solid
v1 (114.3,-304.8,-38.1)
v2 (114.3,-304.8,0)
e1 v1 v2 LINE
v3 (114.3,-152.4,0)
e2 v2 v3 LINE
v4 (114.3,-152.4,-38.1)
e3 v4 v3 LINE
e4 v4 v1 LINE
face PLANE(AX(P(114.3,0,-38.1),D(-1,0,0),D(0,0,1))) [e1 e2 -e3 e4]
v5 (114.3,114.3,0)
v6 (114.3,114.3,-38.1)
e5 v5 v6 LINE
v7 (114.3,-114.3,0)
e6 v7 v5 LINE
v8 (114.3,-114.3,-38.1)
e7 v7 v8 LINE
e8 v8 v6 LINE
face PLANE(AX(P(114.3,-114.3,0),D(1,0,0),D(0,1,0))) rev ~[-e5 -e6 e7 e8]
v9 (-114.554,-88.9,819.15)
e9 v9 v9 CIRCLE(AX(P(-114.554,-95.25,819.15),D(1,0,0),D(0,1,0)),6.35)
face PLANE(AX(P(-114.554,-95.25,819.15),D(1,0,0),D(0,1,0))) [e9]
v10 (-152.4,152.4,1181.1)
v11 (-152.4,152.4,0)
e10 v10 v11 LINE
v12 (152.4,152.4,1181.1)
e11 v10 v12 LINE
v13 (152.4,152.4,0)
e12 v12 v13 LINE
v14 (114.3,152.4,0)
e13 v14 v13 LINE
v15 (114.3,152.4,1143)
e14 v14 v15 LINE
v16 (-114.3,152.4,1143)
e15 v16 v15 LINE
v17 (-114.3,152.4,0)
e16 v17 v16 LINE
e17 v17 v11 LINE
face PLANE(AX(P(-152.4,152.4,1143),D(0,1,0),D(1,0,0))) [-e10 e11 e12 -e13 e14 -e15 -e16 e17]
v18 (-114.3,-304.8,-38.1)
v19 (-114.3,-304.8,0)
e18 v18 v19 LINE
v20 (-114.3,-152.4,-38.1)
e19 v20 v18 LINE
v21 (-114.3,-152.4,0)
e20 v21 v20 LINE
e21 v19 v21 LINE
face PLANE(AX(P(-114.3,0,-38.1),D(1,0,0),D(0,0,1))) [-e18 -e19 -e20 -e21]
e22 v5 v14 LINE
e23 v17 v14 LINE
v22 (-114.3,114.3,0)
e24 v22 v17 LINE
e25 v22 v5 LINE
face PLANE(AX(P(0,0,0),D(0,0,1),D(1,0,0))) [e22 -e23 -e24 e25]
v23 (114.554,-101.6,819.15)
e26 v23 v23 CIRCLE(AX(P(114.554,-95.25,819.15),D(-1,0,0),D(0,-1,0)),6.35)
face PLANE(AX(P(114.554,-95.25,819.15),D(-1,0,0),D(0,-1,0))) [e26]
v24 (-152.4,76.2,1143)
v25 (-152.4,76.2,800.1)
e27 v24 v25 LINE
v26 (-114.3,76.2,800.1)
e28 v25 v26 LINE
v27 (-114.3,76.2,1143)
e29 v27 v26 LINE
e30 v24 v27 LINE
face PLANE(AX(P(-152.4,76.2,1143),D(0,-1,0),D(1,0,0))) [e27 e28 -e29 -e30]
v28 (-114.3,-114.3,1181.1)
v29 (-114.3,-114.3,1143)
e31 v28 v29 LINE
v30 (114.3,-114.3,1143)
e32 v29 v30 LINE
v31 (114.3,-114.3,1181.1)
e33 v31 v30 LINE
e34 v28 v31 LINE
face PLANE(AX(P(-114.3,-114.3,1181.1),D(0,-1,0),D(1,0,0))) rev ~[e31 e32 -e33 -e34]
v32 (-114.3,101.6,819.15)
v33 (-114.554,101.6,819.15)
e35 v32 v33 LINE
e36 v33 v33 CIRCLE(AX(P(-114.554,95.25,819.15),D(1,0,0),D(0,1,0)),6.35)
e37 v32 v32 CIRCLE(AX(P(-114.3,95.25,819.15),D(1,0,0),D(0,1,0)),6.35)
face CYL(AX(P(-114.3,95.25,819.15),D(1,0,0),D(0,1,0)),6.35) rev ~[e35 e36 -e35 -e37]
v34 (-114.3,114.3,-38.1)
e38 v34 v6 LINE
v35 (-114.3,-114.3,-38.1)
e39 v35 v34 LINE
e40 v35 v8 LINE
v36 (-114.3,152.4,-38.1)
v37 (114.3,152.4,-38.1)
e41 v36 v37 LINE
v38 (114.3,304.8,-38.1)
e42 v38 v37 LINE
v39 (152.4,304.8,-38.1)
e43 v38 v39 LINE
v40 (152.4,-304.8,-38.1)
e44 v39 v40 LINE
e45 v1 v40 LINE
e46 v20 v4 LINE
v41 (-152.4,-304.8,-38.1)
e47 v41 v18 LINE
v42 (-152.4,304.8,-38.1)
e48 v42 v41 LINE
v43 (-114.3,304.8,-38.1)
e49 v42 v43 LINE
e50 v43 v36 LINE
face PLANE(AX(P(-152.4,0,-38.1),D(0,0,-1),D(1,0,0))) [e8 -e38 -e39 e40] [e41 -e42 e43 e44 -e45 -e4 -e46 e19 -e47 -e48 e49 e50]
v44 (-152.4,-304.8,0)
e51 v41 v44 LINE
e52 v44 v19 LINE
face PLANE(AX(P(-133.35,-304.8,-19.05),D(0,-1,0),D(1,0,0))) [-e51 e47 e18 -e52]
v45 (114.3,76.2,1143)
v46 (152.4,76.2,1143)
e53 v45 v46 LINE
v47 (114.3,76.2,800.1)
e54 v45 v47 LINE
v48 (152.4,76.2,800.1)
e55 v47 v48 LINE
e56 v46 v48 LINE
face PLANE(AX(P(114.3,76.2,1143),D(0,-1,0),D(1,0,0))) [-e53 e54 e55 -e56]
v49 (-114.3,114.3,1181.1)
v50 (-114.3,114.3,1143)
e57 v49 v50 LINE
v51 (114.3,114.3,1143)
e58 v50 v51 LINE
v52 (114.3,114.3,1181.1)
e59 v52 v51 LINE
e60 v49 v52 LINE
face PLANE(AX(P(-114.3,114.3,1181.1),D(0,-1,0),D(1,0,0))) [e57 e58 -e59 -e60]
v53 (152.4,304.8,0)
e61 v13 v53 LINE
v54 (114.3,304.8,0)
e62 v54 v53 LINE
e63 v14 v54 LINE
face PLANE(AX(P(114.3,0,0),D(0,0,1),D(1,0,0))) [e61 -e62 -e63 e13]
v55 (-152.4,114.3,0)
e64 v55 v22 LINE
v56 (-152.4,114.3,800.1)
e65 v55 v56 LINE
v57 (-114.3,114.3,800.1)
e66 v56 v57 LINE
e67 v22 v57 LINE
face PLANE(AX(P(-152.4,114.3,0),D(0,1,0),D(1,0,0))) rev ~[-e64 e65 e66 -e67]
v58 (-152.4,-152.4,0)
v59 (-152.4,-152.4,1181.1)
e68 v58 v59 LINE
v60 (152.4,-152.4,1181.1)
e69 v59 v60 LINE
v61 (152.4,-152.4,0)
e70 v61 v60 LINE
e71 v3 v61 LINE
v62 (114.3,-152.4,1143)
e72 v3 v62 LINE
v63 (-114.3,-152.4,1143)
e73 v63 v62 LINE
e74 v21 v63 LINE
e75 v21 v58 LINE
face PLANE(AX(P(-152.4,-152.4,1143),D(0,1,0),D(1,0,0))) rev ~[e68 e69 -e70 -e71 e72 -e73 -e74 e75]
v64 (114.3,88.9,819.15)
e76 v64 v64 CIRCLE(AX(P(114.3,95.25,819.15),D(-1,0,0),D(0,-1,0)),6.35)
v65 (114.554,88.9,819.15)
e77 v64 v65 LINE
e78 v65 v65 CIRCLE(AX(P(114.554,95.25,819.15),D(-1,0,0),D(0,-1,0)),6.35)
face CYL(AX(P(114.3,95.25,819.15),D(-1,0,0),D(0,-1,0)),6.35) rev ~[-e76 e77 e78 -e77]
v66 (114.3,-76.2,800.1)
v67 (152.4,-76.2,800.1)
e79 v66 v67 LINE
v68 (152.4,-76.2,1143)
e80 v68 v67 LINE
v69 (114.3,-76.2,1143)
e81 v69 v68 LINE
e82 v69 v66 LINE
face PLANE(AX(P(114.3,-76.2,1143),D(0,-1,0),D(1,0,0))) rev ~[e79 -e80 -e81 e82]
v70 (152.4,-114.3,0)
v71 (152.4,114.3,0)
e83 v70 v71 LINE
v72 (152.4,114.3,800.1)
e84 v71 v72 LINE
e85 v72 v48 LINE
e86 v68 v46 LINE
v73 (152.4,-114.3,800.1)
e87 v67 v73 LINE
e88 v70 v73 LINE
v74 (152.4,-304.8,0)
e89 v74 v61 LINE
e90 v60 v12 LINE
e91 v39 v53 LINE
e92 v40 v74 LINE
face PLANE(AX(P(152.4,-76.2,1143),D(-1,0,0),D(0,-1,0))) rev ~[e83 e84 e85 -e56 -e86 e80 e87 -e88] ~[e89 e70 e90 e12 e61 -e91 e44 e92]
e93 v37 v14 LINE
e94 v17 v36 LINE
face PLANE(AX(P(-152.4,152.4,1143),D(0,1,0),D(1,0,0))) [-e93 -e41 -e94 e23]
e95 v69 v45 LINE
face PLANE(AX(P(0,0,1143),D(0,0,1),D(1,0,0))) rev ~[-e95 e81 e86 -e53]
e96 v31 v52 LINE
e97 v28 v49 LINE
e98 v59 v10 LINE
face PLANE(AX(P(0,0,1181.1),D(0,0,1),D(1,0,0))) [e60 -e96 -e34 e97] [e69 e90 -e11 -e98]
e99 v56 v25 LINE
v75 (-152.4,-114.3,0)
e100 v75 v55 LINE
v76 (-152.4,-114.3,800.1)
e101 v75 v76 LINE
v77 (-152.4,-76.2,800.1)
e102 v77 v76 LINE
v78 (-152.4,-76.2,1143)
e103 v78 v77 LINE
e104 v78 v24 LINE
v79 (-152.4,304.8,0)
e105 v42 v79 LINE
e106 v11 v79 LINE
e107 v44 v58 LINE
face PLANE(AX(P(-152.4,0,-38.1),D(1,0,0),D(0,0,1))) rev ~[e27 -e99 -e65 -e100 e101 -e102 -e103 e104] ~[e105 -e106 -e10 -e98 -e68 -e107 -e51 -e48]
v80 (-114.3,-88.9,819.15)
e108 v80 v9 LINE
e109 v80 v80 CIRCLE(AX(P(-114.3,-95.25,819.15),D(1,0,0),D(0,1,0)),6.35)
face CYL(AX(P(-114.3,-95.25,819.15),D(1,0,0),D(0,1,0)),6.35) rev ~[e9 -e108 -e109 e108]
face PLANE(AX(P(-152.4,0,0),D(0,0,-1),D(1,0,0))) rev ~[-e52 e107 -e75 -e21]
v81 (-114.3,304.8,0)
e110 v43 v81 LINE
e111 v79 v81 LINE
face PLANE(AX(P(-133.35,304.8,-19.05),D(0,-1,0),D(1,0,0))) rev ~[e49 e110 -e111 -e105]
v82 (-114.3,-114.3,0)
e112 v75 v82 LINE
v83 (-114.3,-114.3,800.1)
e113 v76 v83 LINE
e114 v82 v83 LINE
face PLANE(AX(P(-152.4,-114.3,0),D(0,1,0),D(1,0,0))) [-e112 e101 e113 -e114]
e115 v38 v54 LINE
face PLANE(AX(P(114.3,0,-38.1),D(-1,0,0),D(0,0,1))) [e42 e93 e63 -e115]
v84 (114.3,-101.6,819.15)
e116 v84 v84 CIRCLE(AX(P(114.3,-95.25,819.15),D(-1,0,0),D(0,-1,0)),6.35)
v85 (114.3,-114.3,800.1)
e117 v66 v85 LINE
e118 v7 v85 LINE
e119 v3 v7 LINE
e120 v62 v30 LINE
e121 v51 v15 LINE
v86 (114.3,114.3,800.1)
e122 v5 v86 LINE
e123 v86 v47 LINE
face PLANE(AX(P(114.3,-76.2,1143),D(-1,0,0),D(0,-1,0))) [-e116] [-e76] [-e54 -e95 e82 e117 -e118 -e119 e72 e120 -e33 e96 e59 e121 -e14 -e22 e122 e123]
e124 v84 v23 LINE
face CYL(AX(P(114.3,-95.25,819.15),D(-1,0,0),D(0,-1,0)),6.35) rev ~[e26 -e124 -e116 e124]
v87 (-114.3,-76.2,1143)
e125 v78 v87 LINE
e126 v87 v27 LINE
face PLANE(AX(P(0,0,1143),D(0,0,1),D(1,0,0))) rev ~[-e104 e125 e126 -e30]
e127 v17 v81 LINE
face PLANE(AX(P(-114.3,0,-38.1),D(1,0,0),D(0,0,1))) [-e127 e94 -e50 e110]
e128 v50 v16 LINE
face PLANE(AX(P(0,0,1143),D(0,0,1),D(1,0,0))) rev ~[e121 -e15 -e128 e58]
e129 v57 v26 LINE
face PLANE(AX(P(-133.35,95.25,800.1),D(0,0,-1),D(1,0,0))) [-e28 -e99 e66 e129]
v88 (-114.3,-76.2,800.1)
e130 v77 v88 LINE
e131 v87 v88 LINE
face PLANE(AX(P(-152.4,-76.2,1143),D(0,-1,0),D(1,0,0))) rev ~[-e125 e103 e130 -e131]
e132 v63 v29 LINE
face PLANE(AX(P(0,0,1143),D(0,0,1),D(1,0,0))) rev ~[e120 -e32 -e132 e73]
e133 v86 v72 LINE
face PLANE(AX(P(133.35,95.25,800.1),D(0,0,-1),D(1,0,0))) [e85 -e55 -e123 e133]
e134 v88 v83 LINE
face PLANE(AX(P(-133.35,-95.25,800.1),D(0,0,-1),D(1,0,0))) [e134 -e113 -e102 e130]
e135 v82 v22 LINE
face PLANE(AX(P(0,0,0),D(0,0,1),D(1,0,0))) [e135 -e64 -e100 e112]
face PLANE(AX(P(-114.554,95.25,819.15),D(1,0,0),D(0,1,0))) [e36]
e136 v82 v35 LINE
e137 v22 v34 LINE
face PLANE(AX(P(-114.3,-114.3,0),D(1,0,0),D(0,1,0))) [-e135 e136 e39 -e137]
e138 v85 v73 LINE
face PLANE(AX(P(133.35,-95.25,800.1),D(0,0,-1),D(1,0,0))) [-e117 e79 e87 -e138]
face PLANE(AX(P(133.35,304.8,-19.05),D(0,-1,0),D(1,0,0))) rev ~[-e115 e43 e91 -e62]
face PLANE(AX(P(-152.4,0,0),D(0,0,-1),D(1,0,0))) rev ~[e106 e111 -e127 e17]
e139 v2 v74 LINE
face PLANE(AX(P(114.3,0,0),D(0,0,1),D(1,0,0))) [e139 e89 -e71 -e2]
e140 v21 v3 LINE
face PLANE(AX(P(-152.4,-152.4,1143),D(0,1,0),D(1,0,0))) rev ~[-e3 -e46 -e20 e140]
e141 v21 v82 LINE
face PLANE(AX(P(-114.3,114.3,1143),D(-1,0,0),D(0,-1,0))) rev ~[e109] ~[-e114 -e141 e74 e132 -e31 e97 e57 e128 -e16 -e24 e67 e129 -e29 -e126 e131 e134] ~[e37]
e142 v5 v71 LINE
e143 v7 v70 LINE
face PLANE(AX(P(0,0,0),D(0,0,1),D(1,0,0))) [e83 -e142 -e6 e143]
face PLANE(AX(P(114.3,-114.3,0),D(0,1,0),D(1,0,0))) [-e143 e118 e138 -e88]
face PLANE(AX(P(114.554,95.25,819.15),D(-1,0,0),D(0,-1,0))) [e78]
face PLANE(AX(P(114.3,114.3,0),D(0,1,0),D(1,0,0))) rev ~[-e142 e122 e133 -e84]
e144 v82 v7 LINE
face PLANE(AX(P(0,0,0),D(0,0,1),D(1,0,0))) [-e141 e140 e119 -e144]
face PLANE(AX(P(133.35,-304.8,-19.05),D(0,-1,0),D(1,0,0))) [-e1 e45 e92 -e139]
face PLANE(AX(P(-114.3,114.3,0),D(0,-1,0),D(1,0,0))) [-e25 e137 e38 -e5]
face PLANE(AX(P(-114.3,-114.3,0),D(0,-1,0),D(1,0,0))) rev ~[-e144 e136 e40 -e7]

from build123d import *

# Parameters (mm, degrees)
F0_W      = 304.8
F0_H      = 304.8
F1_DEPTH  = 38.1
F2_W      = 228.6
F2_H      = 228.6
F3_DEPTH  = 38.1
F4_W      = 38.1
F4_H      = 38.1
F5_DEPTH  = 1143
F6_W      = 304.8
F6_H      = 304.8
F7_DEPTH  = 38.1
F8_W      = 228.6
F8_H      = 228.6
F9_DEPTH  = 38.1
F10_W     = 38.1
F10_H     = 38.1
F11_DEPTH = 342.9
F12_W     = 38.1
F12_H     = 38.1
F13_DEPTH = 342.9
F14_R     = 6.35
F16_DEPTH = 0.254
F15_R     = 6.35
F17_DEPTH = 0.254
F18_W     = 38.1
F18_H     = 38.1
F19_DEPTH = 304.8


with BuildPart() as f1:
    # F0 (on Top) → F1 (new body)
    with BuildSketch(Plane.XY):
        Rectangle(F0_W, F0_H)
    extrude(amount=-F1_DEPTH)

    # F2 (on face) → F3 (cut)
    with BuildSketch(Plane.XY):
        Rectangle(F2_W, F2_H)
    extrude(amount=-F3_DEPTH, mode=Mode.SUBTRACT)

    # F4 (on face) → F5 (join)
    with BuildSketch(Plane.XY):
        with Locations((-133.35, 133.35)):
            Rectangle(F4_W, F4_H)
        with Locations((133.35, 133.35)):
            Rectangle(F4_W, F4_H)
        with Locations((133.35, -133.35)):
            Rectangle(F4_W, F4_H)
        with Locations((-133.35, -133.35)):
            Rectangle(F4_W, F4_H)
    extrude(amount=F5_DEPTH)

    # F6 (on face) → F7 (join)
    with BuildSketch(Plane.XY.offset(1143)):
        Rectangle(F6_W, F6_H)
    extrude(amount=F7_DEPTH)

    # F8 (on face) → F9 (cut)
    with BuildSketch(Plane.XY.offset(1181.1)):
        Rectangle(F8_W, F8_H)
    extrude(amount=-F9_DEPTH, mode=Mode.SUBTRACT)

    # F10 (on face) → F11 (join)
    with BuildSketch(Plane(origin=(0, 0, 1143), x_dir=(1, 0, 0), z_dir=(0, 0, -1))):
        with Locations((133.35, 95.25)):
            Rectangle(F10_W, F10_H)
        with Locations((133.35, -95.25)):
            Rectangle(F10_W, F10_H)
    extrude(amount=F11_DEPTH)

    # F12 (on face) → F13 (join)
    with BuildSketch(Plane(origin=(0, 0, 1143), x_dir=(1, 0, 0), z_dir=(0, 0, -1))):
        with Locations((-133.35, -95.25)):
            Rectangle(F12_W, F12_H)
        with Locations((-133.35, 95.25)):
            Rectangle(F12_W, F12_H)
    extrude(amount=F13_DEPTH)

    # F14 (on face) → F16 (cut)
    with BuildSketch(Plane.YZ.offset(-114.3)):
        with Locations((95.25, 819.15)):
            Circle(F14_R)
        with Locations((-95.25, 819.15)):
            Circle(F14_R)
    extrude(amount=-F16_DEPTH, mode=Mode.SUBTRACT)

    # F15 (on face) → F17 (cut)
    with BuildSketch(Plane(origin=(114.3, 0, 0), x_dir=(0, -1, 0), z_dir=(-1, 0, 0))):
        with Locations((-95.25, 819.15)):
            Circle(F15_R)
        with Locations((95.25, 819.15)):
            Circle(F15_R)
    extrude(amount=-F17_DEPTH, mode=Mode.SUBTRACT)

    # F18 (on Front) → F19 (join, symmetric)
    with BuildSketch(Plane.XZ):
        with Locations((133.35, -19.05)):
            Rectangle(F18_W, F18_H)
        with Locations((-133.35, -19.05)):
            Rectangle(F18_W, F18_H)
    extrude(amount=F19_DEPTH, both=True)


solid = f1.part
